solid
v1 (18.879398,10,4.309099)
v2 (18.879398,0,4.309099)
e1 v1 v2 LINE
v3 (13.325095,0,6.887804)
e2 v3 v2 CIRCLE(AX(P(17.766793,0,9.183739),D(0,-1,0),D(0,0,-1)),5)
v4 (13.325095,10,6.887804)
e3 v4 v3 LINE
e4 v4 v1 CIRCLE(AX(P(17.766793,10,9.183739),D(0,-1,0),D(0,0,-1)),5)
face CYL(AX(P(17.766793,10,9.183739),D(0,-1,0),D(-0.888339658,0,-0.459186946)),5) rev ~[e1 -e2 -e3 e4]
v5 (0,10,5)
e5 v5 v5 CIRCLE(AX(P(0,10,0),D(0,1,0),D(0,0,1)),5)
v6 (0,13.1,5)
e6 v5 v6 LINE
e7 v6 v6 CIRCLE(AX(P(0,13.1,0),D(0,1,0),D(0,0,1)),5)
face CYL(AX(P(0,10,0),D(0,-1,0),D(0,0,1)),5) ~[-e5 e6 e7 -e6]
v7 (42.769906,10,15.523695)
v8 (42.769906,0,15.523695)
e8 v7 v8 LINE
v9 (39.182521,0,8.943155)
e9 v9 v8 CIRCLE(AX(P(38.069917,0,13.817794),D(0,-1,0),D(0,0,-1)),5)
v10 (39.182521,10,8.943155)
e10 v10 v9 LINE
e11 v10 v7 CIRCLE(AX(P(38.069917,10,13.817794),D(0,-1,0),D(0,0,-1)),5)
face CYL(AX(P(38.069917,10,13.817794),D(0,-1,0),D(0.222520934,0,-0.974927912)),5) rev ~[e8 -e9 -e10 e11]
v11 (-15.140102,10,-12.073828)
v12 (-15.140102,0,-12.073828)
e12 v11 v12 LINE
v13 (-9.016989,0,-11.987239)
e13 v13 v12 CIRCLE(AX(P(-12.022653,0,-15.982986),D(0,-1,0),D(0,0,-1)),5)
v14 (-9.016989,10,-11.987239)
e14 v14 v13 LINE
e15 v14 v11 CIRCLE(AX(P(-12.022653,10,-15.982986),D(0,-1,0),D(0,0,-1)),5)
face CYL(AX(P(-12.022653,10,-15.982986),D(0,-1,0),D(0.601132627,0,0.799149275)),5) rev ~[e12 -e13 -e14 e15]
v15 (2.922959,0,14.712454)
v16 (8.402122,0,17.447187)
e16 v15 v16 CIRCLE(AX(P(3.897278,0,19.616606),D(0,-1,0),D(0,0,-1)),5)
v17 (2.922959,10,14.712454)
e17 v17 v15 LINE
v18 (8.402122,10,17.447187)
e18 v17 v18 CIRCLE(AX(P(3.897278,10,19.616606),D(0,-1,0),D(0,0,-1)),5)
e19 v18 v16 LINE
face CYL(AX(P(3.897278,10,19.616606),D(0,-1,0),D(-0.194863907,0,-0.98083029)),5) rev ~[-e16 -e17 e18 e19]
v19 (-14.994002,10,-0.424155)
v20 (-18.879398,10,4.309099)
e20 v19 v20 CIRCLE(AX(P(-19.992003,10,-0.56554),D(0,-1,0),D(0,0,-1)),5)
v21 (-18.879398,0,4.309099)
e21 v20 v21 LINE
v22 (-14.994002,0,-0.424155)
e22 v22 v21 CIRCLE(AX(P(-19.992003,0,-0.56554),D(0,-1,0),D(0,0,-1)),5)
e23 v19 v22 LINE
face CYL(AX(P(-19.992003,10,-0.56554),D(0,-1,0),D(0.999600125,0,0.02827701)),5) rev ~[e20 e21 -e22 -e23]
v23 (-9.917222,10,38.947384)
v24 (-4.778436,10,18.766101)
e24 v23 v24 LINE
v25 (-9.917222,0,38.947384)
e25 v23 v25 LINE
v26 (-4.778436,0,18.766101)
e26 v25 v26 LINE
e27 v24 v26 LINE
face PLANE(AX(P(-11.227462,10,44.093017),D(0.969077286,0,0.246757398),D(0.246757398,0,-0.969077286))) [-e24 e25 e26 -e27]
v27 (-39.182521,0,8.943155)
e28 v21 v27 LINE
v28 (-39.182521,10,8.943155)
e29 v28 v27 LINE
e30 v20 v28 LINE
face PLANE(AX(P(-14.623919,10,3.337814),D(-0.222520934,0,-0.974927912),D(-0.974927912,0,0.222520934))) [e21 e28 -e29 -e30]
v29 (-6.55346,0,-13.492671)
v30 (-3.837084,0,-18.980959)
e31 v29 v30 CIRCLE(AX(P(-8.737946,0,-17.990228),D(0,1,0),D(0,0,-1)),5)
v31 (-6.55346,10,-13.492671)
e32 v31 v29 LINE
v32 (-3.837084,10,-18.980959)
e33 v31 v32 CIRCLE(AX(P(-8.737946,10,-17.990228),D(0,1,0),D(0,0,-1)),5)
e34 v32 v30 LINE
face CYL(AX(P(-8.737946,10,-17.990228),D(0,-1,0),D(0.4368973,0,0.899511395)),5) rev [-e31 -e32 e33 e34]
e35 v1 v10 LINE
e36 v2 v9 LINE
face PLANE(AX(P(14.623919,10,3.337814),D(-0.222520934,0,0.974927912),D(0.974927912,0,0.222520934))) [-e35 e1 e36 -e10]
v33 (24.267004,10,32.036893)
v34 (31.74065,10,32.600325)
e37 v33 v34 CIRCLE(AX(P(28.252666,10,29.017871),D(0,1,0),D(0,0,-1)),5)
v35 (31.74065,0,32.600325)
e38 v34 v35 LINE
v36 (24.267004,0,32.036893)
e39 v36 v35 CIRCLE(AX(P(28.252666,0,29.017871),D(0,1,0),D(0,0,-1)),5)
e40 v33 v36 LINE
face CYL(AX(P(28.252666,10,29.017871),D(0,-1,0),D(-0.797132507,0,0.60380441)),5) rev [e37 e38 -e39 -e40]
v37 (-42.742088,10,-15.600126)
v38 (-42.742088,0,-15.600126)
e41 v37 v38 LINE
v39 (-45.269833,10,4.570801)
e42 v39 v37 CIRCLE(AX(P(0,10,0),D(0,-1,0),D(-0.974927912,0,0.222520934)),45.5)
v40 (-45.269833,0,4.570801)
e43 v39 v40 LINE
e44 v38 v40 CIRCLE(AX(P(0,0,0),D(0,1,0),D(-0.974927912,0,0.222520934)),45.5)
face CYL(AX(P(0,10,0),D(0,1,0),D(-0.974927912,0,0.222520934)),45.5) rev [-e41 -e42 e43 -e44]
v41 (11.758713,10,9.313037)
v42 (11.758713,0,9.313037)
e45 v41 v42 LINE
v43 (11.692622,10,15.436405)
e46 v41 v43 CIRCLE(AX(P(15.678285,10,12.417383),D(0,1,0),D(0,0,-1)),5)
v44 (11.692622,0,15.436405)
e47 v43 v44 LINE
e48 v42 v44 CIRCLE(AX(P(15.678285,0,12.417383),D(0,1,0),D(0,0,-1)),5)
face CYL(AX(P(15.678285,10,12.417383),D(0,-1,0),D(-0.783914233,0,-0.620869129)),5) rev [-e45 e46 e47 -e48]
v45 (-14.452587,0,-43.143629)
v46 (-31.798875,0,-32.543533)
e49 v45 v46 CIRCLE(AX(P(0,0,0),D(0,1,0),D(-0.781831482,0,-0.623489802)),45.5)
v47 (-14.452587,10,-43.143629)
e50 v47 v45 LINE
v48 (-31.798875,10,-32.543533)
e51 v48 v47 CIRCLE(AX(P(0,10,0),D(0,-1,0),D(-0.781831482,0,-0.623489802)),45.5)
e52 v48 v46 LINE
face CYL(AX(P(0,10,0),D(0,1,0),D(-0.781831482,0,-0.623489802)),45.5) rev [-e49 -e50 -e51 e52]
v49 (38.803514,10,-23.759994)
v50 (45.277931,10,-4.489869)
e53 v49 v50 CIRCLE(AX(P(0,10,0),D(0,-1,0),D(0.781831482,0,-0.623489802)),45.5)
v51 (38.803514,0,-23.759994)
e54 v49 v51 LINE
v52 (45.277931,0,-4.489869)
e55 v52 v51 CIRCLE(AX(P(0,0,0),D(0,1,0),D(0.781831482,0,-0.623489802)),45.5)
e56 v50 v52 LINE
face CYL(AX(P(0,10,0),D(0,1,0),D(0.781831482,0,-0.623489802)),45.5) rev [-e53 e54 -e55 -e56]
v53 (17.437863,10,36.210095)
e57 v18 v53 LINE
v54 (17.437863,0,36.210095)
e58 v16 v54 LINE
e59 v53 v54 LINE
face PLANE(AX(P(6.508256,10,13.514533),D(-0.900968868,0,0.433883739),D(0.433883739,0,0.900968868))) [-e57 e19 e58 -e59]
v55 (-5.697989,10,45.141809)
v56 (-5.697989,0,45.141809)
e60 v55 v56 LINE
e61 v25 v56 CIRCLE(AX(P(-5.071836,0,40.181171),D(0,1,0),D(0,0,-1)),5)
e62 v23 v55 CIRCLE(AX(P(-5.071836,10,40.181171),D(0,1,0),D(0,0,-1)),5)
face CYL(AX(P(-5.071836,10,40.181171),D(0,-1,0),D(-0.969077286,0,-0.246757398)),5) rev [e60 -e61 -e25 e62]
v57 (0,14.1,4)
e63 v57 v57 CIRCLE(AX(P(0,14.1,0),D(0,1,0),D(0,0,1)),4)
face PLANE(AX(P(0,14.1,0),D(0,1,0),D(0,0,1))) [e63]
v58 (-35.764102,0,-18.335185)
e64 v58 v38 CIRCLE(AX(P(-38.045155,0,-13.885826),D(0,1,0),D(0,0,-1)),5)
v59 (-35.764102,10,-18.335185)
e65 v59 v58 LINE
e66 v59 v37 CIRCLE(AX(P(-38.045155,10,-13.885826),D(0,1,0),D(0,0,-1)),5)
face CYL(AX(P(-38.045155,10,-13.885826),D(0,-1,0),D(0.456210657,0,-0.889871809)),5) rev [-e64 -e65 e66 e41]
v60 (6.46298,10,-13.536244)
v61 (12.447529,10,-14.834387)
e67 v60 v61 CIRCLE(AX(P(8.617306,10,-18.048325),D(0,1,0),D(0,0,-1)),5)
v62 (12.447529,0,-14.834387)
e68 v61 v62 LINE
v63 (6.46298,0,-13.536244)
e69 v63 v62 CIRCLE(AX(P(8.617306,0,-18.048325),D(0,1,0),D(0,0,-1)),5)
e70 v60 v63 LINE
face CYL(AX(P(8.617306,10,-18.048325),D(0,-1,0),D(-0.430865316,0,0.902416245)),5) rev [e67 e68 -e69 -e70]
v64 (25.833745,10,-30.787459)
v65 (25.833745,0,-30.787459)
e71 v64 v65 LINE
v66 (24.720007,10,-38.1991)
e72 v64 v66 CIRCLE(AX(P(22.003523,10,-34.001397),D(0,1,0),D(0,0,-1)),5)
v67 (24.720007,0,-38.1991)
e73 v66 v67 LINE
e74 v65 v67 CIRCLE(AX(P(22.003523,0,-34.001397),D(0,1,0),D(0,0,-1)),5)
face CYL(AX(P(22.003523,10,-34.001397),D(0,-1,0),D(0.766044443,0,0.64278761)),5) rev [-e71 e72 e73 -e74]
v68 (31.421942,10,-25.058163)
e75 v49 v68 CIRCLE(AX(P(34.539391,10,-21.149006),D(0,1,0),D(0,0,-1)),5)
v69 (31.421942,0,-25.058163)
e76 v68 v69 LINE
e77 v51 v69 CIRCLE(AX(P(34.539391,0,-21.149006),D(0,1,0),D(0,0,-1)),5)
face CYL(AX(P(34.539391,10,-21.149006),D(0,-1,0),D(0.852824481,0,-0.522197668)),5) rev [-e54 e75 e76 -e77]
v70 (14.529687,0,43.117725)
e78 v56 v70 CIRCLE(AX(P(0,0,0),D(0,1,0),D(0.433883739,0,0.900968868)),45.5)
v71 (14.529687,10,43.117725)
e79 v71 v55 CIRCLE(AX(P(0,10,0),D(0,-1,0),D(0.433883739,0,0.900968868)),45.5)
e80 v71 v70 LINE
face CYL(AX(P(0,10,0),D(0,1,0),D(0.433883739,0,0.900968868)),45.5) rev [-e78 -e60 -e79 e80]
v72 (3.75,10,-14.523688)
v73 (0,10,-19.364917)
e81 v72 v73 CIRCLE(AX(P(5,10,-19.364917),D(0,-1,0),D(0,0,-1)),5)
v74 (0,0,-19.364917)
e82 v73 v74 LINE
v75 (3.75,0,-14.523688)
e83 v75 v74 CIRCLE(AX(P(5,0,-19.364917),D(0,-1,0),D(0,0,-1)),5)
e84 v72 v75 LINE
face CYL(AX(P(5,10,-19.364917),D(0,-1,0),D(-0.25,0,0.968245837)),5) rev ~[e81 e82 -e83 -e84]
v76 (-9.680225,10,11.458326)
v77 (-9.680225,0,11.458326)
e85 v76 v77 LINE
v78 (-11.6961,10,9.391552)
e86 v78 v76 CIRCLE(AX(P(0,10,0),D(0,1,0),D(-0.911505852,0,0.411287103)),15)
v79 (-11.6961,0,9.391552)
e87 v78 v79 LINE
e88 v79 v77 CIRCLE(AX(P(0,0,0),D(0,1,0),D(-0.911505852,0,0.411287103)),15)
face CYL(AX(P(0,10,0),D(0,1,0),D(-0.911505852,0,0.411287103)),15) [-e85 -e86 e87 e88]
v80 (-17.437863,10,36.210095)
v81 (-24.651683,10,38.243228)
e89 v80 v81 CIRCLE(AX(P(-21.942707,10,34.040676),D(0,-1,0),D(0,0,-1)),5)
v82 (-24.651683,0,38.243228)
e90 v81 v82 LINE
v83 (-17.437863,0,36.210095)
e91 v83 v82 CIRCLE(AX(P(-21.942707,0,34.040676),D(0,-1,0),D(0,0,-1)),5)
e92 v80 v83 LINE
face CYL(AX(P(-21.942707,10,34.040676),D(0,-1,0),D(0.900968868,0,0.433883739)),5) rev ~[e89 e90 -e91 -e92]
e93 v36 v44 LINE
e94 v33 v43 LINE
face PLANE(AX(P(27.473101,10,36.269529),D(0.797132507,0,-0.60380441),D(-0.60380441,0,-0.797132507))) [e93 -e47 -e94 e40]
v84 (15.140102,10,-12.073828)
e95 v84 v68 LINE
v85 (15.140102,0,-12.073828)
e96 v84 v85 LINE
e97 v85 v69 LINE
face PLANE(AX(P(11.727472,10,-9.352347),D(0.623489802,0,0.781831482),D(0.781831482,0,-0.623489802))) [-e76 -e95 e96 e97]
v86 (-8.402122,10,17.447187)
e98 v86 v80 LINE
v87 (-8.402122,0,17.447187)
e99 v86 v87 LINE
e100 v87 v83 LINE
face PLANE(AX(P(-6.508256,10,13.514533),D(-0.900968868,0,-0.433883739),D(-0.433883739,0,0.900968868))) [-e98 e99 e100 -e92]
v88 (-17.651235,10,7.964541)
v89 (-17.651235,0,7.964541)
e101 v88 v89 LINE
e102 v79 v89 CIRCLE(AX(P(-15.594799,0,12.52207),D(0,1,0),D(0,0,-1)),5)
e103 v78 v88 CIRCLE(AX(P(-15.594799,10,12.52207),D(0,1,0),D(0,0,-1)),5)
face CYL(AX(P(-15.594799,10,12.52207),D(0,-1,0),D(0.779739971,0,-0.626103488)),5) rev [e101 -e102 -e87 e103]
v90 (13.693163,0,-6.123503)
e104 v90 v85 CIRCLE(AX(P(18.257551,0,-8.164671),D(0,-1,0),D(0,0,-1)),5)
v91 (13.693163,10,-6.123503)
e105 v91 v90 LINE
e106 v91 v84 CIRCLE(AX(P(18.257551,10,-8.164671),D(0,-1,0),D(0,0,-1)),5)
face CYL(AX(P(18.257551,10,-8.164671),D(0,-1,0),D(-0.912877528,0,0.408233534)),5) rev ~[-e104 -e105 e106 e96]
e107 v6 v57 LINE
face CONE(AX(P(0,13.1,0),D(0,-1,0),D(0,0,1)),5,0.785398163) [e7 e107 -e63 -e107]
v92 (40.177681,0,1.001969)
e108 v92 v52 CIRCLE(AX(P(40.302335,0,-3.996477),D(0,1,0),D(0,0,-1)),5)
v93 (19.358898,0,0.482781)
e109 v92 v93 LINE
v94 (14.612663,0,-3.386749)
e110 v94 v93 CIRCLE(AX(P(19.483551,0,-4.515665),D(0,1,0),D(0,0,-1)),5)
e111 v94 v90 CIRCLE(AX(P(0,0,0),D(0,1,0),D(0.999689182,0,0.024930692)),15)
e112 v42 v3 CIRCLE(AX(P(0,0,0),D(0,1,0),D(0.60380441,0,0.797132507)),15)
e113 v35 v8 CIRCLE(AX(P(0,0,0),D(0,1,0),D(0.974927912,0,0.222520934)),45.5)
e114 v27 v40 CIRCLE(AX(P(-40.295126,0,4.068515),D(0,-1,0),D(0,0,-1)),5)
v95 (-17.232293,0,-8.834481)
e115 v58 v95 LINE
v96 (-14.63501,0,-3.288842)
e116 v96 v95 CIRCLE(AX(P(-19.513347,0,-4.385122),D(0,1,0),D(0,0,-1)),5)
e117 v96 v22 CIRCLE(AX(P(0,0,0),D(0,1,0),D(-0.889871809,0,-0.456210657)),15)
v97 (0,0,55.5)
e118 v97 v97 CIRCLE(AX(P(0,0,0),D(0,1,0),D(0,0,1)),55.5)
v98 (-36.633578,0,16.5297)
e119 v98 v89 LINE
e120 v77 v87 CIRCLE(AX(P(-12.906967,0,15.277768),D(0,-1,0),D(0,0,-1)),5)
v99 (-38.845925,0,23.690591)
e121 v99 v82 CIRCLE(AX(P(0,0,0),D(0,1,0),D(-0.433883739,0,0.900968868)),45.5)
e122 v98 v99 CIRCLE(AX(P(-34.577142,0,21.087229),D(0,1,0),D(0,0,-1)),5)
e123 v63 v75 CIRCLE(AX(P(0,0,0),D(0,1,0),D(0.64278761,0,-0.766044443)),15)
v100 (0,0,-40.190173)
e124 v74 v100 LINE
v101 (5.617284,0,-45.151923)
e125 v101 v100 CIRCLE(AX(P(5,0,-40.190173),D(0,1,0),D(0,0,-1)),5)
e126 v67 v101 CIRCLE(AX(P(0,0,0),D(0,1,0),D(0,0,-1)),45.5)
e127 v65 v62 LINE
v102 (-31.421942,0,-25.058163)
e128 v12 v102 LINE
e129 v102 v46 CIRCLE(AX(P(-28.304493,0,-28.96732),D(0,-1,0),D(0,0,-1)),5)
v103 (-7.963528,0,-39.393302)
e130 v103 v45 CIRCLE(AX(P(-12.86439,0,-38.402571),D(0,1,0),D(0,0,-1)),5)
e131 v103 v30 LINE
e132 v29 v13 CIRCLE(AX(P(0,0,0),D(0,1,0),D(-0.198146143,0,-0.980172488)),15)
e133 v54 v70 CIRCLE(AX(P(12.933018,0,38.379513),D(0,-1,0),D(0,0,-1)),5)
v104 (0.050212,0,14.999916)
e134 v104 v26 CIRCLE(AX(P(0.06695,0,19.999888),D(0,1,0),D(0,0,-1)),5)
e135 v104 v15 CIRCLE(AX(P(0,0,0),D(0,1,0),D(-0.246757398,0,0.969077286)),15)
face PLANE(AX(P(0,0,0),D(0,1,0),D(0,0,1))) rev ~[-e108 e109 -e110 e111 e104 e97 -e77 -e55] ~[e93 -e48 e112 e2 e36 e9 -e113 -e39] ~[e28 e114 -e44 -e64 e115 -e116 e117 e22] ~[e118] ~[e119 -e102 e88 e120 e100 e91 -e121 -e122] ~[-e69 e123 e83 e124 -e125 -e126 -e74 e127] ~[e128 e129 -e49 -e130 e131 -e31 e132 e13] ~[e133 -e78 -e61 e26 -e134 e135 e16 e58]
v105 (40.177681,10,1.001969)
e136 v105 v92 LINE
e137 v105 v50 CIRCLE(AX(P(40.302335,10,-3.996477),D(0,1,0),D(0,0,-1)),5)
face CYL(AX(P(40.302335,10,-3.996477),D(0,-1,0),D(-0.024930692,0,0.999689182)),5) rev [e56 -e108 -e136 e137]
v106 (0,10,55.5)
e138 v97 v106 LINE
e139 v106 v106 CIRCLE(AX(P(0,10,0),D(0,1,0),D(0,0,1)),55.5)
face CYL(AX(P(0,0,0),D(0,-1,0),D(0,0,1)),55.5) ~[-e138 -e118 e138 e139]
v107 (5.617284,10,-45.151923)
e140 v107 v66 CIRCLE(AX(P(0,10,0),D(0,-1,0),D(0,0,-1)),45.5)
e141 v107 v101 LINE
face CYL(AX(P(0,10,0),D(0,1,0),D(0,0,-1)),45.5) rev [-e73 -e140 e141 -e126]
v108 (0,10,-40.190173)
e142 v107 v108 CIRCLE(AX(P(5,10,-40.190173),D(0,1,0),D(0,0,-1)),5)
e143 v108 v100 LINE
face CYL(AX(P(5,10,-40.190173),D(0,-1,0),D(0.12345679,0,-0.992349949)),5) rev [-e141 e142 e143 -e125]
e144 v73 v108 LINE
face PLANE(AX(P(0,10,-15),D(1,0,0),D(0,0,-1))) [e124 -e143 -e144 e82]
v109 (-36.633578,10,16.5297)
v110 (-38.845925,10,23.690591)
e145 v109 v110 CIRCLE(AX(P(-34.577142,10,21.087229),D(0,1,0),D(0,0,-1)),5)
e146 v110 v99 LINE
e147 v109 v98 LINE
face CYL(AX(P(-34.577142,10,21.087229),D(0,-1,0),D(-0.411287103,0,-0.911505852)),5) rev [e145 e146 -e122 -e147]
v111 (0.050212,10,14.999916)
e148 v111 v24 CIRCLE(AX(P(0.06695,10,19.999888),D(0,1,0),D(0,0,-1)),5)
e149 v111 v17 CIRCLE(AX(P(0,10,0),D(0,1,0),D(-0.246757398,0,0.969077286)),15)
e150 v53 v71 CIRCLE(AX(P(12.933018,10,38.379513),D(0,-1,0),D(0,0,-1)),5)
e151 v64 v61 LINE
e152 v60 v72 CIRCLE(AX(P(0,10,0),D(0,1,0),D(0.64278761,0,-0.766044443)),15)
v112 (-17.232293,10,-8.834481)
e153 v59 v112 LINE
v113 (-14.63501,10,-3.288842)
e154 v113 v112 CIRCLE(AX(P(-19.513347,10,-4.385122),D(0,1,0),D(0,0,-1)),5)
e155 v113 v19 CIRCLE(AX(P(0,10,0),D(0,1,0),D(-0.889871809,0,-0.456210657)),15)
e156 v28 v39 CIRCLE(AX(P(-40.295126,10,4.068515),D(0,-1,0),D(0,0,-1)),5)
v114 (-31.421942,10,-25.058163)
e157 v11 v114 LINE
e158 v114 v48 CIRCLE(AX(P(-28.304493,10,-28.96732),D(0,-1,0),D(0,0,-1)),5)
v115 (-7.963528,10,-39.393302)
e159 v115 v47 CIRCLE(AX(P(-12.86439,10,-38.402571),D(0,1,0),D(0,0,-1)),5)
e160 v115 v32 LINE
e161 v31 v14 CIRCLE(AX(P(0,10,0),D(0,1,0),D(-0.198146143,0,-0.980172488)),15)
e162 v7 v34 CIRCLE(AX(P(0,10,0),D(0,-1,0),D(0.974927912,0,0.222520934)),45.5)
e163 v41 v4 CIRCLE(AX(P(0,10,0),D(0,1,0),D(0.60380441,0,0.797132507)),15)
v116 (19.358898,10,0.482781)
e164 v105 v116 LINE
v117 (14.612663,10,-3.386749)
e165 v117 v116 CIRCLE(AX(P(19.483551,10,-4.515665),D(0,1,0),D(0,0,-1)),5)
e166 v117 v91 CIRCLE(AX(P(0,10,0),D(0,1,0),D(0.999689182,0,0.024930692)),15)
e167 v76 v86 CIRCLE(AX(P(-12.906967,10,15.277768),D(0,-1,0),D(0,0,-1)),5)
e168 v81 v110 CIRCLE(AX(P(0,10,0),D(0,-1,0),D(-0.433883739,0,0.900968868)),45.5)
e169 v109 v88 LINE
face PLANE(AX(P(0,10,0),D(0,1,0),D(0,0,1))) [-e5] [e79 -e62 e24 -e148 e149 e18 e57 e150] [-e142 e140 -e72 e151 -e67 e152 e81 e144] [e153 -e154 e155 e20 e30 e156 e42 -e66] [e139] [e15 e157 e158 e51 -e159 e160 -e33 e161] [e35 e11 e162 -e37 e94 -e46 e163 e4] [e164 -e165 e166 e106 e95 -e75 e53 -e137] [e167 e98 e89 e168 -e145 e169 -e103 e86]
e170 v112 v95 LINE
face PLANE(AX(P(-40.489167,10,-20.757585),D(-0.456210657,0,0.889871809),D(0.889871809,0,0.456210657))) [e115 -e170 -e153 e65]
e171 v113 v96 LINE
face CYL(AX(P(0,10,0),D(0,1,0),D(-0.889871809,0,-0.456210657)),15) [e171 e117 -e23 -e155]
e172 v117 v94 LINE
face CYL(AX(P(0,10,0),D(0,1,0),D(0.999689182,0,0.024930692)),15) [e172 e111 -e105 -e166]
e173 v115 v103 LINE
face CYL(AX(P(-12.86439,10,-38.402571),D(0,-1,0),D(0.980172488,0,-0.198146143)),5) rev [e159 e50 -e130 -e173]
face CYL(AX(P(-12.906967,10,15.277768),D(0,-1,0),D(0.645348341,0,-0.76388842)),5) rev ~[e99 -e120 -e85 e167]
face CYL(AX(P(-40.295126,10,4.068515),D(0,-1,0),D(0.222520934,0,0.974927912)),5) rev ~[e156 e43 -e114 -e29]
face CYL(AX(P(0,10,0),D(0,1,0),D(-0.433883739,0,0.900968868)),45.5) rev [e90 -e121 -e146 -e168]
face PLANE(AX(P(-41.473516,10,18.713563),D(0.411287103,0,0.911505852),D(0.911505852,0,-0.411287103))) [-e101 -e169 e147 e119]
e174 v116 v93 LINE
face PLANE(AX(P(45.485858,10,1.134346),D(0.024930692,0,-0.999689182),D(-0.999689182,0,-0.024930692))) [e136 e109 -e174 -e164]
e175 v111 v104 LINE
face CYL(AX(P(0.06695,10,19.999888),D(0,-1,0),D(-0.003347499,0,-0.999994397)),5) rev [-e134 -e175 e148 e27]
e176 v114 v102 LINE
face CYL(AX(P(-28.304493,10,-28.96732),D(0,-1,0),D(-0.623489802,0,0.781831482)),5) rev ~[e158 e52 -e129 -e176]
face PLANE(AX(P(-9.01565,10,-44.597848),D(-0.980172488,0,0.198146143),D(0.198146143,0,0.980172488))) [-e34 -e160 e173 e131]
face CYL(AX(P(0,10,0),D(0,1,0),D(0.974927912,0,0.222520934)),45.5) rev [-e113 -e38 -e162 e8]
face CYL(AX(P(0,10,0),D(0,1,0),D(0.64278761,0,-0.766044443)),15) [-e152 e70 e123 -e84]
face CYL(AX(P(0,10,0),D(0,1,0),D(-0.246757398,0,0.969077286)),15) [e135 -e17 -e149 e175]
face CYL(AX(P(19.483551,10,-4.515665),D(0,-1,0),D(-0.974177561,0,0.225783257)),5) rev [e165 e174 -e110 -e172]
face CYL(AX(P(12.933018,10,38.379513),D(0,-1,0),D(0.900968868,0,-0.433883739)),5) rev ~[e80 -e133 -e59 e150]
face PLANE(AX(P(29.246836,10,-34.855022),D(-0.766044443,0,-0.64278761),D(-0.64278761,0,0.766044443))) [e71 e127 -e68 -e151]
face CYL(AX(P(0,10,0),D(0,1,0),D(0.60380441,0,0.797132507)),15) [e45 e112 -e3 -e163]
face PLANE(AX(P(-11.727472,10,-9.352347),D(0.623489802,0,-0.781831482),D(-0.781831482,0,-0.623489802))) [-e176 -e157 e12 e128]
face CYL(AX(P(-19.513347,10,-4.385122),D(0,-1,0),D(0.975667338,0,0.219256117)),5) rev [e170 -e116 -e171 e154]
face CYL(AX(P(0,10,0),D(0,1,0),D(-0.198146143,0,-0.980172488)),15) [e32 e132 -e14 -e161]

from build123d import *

# Parameters (mm, degrees)
SKETCH1_R                = 55.5
BOSS_EXTRUDE1_DEPTH      = 10
CUT_EXTRUDE1_DEPTH       = 80.123321467
FILLET1_R                = 5
CIRPATTERN1_COUNT        = 7
FILLET1_OF_CIRPATTERN1_R = 5
SKETCH3_R                = 5
BOSS_EXTRUDE2_DEPTH      = 4.1
CHAMFER1_SIZE            = 1


with BuildPart() as part:
    # Sketch1 → Boss-Extrude1 (new body)
    with BuildSketch(Plane(origin=(0, 0, 0), x_dir=(1, 0, 0), z_dir=(0, 1, 0))):
        with Locations(Location((0, 0, 0), (0, 0, 270))):
            Circle(SKETCH1_R)
    extrude(amount=BOSS_EXTRUDE1_DEPTH)

    # Sketch2 → Cut-Extrude1 (cut, through all)
    with BuildSketch(Plane(origin=(0, 10, 0), x_dir=(1, 0, 0), z_dir=(0, 1, 0))):
        with BuildLine():
            Line((0, 15), (0, 45.5))
            ThreePointArc((0, 45.5), (15.561916521, 42.756014246), (29.246836241, 34.855022162))
            Line((29.246836241, 34.855022162), (9.641814145, 11.490666647))
            ThreePointArc((9.641814145, 11.490666647), (5.13030215, 14.095389312), (0, 15))
        make_face()
    cut_extrude1 = extrude(amount=-CUT_EXTRUDE1_DEPTH, mode=Mode.SUBTRACT)

    # Fillet1
    fillet1_edges = [part.edges().sort_by_distance(p)[0] for p in [
        (9.641814145, 5, -11.490666647),
        (0, 5, -15),
        (0, 5, -45.5),
        (29.246836241, 5, -34.855022162),
    ]]
    fillet(fillet1_edges, radius=FILLET1_R)

    # CirPattern1: Cut-Extrude1 ×7 about axis
    cirpattern1_axis = Axis((0, 0, 0), (0, 1, 0))
    for i in range(1, CIRPATTERN1_COUNT):
        add(cut_extrude1.rotate(cirpattern1_axis, i * 360 / CIRPATTERN1_COUNT), mode=Mode.SUBTRACT)

    # Fillet1 of CirPattern1
    fillet1_of_cirpattern1_edges = [part.edges().sort_by_distance(p)[0] for p in [
        (-2.972192148, 5, -14.702587318),
        (-11.727472237, 5, -9.352347028),
        (-35.573332452, 5, -28.368785985),
        (-9.015649516, 5, -44.597848197),
        (-13.348077132, 5, -6.84315986),
        (-14.623918683, 5, 3.337814009),
        (-44.359220004, 5, 10.124702495),
        (-40.489167301, 5, -20.75758491),
        (-13.672587785, 5, 6.169306547),
        (-6.508256087, 5, 13.514533019),
        (-19.74171013, 5, 40.99408349),
        (-41.47351628, 5, 18.713563192),
        (-3.701360965, 5, 14.536159293),
        (6.508256087, 5, 13.514533019),
        (19.74171013, 5, 40.99408349),
        (-11.227461595, 5, 44.093016523),
        (9.057066155, 5, 11.956987608),
        (14.623918683, 5, 3.337814009),
        (44.359220004, 5, 10.124702495),
        (27.47310067, 5, 36.269529079),
        (14.99533773, 5, 0.373960376),
        (11.727472237, 5, -9.352347028),
        (35.573332452, 5, -28.368785985),
        (45.485857781, 5, 1.134346474),
    ]]
    fillet(fillet1_of_cirpattern1_edges, radius=FILLET1_OF_CIRPATTERN1_R)

    # Sketch3 → Boss-Extrude2 (add)
    with BuildSketch(Plane(origin=(0, 10, 0), x_dir=(1, 0, 0), z_dir=(0, 1, 0))):
        with Locations(Location((0, 0, 0), (0, 0, 270))):
            Circle(SKETCH3_R)
    extrude(amount=BOSS_EXTRUDE2_DEPTH)

    # Chamfer1
    chamfer1_edges = [part.edges().sort_by_distance(p)[0] for p in [
        (0, 14.1, -5),
    ]]
    chamfer(chamfer1_edges, length=CHAMFER1_SIZE)


solid = part.part
